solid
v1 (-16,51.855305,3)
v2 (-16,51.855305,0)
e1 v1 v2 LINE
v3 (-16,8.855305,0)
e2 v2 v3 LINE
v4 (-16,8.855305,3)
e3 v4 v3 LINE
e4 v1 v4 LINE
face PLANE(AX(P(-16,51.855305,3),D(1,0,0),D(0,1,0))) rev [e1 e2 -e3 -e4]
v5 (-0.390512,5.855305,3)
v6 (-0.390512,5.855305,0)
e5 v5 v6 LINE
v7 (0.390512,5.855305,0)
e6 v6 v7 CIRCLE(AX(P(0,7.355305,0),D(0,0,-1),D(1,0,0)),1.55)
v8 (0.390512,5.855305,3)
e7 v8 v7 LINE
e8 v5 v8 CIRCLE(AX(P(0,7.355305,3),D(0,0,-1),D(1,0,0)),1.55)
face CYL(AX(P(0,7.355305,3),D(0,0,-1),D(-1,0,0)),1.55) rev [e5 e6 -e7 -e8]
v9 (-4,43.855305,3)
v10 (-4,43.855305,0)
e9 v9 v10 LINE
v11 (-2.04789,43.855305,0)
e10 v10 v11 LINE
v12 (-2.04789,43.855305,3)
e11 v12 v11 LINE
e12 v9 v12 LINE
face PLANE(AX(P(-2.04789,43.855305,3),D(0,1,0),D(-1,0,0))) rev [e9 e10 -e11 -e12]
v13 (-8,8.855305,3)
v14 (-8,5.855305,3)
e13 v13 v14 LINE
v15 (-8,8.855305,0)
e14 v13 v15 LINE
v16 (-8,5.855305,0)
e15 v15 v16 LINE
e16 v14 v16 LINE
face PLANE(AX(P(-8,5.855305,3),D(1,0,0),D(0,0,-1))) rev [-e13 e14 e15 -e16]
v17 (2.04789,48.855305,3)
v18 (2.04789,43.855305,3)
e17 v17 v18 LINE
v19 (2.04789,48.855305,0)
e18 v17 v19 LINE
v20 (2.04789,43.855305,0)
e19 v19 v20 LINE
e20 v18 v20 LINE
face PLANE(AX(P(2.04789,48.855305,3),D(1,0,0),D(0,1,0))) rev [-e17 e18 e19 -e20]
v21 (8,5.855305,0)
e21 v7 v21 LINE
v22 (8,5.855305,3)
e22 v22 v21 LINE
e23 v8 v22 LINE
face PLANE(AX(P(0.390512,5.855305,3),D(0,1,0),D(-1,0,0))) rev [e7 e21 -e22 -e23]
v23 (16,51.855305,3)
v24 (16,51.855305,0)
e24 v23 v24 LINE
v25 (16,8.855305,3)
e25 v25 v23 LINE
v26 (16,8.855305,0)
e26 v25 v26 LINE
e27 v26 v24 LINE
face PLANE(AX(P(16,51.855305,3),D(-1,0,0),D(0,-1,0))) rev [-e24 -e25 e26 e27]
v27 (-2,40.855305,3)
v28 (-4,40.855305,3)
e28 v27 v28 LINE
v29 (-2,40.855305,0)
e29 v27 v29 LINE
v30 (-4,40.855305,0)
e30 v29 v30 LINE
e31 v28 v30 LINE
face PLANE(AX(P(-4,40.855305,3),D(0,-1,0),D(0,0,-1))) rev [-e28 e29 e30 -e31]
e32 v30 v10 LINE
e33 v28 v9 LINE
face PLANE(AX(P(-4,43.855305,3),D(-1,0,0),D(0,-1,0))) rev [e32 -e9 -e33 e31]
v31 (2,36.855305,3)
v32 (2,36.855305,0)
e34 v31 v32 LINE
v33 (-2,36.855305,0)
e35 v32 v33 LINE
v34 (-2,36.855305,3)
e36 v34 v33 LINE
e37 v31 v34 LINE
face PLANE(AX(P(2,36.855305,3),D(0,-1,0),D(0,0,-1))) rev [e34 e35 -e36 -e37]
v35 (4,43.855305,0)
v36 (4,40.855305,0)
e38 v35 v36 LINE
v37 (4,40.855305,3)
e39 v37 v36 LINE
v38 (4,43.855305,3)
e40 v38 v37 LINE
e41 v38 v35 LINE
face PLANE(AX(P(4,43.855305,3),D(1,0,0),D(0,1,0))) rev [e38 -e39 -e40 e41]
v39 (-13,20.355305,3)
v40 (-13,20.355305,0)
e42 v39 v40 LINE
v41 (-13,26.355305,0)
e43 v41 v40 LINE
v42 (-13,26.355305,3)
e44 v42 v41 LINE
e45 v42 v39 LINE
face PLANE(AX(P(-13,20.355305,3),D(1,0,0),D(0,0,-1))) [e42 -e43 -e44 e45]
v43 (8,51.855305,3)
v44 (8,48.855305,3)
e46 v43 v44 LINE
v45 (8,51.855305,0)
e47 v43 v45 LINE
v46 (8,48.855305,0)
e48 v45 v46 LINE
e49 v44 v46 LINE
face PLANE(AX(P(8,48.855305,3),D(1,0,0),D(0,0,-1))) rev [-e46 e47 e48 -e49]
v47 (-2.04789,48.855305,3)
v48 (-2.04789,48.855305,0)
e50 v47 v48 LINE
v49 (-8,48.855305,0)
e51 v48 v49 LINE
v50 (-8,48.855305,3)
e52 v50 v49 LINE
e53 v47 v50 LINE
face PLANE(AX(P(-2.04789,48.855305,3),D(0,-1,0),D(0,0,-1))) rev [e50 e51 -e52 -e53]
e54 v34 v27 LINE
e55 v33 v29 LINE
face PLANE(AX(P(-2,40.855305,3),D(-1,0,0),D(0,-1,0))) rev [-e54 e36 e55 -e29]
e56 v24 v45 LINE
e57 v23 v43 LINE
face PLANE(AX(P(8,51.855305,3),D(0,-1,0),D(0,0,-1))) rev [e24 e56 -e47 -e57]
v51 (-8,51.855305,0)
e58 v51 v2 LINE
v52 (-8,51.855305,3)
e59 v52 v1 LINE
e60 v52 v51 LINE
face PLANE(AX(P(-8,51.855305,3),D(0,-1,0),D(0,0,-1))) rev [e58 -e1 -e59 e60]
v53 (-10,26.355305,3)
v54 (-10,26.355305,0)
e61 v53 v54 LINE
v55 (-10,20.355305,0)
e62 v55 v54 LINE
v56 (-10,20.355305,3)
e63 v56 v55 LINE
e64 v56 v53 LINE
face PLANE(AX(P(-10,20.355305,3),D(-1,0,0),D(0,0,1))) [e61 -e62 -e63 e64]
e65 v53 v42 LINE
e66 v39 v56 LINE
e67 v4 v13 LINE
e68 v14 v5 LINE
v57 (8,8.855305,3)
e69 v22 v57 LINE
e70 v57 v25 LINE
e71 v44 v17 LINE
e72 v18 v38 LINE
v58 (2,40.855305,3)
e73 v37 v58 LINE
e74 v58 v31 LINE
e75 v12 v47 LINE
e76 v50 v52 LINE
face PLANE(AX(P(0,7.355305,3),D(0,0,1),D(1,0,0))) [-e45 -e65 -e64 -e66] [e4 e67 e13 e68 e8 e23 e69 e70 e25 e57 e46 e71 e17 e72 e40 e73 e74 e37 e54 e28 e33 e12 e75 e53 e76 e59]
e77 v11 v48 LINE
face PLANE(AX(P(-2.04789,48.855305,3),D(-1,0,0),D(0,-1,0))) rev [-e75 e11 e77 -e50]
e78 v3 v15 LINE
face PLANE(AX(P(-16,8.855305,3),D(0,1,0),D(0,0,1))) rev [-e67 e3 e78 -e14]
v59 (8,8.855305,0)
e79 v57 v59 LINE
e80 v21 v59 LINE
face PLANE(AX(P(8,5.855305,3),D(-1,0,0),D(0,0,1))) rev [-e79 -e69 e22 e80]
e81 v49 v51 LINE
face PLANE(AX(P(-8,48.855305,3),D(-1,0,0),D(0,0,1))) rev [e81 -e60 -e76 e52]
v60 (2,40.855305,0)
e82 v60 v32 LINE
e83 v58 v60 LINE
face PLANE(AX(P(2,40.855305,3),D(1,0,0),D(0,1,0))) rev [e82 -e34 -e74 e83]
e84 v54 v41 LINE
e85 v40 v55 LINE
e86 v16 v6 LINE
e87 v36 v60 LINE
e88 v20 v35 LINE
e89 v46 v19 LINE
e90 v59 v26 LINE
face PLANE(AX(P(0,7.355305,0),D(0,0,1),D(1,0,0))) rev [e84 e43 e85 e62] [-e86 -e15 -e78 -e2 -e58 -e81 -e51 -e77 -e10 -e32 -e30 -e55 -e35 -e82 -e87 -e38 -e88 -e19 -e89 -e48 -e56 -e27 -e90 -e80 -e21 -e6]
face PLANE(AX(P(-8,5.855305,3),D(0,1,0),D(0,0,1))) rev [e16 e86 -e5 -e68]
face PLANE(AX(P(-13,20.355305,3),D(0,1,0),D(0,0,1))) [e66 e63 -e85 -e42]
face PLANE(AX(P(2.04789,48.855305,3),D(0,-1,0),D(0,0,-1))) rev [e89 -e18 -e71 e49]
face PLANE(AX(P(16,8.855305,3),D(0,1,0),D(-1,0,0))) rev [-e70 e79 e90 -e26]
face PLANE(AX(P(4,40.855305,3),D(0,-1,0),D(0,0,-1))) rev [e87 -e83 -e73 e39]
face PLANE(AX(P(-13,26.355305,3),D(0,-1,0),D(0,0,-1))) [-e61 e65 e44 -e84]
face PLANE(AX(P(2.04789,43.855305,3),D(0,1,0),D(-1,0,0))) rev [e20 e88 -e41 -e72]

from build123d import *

# Parameters (mm, degrees)
SKETCH_2_W      = 3
SKETCH_2_H      = 6
EXTRUDE_1_DEPTH = 3


with BuildPart() as part:
    # 草图2 → 凸台-拉伸1 (new body)
    with BuildSketch(Plane.XY):
        with BuildLine():
            Line((2.047890023, 48.855305477), (8, 48.855305477))
            Line((8, 48.855305477), (8, 51.855305477))
            Line((8, 51.855305477), (16, 51.855305477))
            Line((16, 51.855305477), (16, 8.855305477))
            Line((16, 8.855305477), (8, 8.855305477))
            Line((8, 8.855305477), (8, 5.855305477))
            Line((8, 5.855305477), (0.390512484, 5.855305477))
            ThreePointArc((0.390512484, 5.855305477), (0, 8.905305477), (-0.390512484, 5.855305477))
            Line((-0.390512484, 5.855305477), (-8, 5.855305477))
            Line((-8, 5.855305477), (-8, 8.855305477))
            Line((-8, 8.855305477), (-16, 8.855305477))
            Line((-16, 8.855305477), (-16, 51.855305477))
            Line((-16, 51.855305477), (-8, 51.855305477))
            Line((-8, 51.855305477), (-8, 48.855305477))
            Line((-8, 48.855305477), (-2.047890023, 48.855305477))
            Line((-2.047890023, 48.855305477), (-2.047890023, 43.855305477))
            Line((-2.047890023, 43.855305477), (-4, 43.855305477))
            Line((-4, 43.855305477), (-4, 40.855305477))
            Line((-4, 40.855305477), (-2, 40.855305477))
            Line((-2, 40.855305477), (-2, 36.855305477))
            Line((-2, 36.855305477), (2, 36.855305477))
            Line((2, 36.855305477), (2, 40.855305477))
            Line((2, 40.855305477), (4, 40.855305477))
            Line((4, 40.855305477), (4, 43.855305477))
            Line((4, 43.855305477), (2.047890023, 43.855305477))
            Line((2.047890023, 43.855305477), (2.047890023, 48.855305477))
        make_face()
        with Locations((-11.5, 23.355305477)):
            Rectangle(SKETCH_2_W, SKETCH_2_H, mode=Mode.SUBTRACT)
    extrude(amount=EXTRUDE_1_DEPTH)


solid = part.part
